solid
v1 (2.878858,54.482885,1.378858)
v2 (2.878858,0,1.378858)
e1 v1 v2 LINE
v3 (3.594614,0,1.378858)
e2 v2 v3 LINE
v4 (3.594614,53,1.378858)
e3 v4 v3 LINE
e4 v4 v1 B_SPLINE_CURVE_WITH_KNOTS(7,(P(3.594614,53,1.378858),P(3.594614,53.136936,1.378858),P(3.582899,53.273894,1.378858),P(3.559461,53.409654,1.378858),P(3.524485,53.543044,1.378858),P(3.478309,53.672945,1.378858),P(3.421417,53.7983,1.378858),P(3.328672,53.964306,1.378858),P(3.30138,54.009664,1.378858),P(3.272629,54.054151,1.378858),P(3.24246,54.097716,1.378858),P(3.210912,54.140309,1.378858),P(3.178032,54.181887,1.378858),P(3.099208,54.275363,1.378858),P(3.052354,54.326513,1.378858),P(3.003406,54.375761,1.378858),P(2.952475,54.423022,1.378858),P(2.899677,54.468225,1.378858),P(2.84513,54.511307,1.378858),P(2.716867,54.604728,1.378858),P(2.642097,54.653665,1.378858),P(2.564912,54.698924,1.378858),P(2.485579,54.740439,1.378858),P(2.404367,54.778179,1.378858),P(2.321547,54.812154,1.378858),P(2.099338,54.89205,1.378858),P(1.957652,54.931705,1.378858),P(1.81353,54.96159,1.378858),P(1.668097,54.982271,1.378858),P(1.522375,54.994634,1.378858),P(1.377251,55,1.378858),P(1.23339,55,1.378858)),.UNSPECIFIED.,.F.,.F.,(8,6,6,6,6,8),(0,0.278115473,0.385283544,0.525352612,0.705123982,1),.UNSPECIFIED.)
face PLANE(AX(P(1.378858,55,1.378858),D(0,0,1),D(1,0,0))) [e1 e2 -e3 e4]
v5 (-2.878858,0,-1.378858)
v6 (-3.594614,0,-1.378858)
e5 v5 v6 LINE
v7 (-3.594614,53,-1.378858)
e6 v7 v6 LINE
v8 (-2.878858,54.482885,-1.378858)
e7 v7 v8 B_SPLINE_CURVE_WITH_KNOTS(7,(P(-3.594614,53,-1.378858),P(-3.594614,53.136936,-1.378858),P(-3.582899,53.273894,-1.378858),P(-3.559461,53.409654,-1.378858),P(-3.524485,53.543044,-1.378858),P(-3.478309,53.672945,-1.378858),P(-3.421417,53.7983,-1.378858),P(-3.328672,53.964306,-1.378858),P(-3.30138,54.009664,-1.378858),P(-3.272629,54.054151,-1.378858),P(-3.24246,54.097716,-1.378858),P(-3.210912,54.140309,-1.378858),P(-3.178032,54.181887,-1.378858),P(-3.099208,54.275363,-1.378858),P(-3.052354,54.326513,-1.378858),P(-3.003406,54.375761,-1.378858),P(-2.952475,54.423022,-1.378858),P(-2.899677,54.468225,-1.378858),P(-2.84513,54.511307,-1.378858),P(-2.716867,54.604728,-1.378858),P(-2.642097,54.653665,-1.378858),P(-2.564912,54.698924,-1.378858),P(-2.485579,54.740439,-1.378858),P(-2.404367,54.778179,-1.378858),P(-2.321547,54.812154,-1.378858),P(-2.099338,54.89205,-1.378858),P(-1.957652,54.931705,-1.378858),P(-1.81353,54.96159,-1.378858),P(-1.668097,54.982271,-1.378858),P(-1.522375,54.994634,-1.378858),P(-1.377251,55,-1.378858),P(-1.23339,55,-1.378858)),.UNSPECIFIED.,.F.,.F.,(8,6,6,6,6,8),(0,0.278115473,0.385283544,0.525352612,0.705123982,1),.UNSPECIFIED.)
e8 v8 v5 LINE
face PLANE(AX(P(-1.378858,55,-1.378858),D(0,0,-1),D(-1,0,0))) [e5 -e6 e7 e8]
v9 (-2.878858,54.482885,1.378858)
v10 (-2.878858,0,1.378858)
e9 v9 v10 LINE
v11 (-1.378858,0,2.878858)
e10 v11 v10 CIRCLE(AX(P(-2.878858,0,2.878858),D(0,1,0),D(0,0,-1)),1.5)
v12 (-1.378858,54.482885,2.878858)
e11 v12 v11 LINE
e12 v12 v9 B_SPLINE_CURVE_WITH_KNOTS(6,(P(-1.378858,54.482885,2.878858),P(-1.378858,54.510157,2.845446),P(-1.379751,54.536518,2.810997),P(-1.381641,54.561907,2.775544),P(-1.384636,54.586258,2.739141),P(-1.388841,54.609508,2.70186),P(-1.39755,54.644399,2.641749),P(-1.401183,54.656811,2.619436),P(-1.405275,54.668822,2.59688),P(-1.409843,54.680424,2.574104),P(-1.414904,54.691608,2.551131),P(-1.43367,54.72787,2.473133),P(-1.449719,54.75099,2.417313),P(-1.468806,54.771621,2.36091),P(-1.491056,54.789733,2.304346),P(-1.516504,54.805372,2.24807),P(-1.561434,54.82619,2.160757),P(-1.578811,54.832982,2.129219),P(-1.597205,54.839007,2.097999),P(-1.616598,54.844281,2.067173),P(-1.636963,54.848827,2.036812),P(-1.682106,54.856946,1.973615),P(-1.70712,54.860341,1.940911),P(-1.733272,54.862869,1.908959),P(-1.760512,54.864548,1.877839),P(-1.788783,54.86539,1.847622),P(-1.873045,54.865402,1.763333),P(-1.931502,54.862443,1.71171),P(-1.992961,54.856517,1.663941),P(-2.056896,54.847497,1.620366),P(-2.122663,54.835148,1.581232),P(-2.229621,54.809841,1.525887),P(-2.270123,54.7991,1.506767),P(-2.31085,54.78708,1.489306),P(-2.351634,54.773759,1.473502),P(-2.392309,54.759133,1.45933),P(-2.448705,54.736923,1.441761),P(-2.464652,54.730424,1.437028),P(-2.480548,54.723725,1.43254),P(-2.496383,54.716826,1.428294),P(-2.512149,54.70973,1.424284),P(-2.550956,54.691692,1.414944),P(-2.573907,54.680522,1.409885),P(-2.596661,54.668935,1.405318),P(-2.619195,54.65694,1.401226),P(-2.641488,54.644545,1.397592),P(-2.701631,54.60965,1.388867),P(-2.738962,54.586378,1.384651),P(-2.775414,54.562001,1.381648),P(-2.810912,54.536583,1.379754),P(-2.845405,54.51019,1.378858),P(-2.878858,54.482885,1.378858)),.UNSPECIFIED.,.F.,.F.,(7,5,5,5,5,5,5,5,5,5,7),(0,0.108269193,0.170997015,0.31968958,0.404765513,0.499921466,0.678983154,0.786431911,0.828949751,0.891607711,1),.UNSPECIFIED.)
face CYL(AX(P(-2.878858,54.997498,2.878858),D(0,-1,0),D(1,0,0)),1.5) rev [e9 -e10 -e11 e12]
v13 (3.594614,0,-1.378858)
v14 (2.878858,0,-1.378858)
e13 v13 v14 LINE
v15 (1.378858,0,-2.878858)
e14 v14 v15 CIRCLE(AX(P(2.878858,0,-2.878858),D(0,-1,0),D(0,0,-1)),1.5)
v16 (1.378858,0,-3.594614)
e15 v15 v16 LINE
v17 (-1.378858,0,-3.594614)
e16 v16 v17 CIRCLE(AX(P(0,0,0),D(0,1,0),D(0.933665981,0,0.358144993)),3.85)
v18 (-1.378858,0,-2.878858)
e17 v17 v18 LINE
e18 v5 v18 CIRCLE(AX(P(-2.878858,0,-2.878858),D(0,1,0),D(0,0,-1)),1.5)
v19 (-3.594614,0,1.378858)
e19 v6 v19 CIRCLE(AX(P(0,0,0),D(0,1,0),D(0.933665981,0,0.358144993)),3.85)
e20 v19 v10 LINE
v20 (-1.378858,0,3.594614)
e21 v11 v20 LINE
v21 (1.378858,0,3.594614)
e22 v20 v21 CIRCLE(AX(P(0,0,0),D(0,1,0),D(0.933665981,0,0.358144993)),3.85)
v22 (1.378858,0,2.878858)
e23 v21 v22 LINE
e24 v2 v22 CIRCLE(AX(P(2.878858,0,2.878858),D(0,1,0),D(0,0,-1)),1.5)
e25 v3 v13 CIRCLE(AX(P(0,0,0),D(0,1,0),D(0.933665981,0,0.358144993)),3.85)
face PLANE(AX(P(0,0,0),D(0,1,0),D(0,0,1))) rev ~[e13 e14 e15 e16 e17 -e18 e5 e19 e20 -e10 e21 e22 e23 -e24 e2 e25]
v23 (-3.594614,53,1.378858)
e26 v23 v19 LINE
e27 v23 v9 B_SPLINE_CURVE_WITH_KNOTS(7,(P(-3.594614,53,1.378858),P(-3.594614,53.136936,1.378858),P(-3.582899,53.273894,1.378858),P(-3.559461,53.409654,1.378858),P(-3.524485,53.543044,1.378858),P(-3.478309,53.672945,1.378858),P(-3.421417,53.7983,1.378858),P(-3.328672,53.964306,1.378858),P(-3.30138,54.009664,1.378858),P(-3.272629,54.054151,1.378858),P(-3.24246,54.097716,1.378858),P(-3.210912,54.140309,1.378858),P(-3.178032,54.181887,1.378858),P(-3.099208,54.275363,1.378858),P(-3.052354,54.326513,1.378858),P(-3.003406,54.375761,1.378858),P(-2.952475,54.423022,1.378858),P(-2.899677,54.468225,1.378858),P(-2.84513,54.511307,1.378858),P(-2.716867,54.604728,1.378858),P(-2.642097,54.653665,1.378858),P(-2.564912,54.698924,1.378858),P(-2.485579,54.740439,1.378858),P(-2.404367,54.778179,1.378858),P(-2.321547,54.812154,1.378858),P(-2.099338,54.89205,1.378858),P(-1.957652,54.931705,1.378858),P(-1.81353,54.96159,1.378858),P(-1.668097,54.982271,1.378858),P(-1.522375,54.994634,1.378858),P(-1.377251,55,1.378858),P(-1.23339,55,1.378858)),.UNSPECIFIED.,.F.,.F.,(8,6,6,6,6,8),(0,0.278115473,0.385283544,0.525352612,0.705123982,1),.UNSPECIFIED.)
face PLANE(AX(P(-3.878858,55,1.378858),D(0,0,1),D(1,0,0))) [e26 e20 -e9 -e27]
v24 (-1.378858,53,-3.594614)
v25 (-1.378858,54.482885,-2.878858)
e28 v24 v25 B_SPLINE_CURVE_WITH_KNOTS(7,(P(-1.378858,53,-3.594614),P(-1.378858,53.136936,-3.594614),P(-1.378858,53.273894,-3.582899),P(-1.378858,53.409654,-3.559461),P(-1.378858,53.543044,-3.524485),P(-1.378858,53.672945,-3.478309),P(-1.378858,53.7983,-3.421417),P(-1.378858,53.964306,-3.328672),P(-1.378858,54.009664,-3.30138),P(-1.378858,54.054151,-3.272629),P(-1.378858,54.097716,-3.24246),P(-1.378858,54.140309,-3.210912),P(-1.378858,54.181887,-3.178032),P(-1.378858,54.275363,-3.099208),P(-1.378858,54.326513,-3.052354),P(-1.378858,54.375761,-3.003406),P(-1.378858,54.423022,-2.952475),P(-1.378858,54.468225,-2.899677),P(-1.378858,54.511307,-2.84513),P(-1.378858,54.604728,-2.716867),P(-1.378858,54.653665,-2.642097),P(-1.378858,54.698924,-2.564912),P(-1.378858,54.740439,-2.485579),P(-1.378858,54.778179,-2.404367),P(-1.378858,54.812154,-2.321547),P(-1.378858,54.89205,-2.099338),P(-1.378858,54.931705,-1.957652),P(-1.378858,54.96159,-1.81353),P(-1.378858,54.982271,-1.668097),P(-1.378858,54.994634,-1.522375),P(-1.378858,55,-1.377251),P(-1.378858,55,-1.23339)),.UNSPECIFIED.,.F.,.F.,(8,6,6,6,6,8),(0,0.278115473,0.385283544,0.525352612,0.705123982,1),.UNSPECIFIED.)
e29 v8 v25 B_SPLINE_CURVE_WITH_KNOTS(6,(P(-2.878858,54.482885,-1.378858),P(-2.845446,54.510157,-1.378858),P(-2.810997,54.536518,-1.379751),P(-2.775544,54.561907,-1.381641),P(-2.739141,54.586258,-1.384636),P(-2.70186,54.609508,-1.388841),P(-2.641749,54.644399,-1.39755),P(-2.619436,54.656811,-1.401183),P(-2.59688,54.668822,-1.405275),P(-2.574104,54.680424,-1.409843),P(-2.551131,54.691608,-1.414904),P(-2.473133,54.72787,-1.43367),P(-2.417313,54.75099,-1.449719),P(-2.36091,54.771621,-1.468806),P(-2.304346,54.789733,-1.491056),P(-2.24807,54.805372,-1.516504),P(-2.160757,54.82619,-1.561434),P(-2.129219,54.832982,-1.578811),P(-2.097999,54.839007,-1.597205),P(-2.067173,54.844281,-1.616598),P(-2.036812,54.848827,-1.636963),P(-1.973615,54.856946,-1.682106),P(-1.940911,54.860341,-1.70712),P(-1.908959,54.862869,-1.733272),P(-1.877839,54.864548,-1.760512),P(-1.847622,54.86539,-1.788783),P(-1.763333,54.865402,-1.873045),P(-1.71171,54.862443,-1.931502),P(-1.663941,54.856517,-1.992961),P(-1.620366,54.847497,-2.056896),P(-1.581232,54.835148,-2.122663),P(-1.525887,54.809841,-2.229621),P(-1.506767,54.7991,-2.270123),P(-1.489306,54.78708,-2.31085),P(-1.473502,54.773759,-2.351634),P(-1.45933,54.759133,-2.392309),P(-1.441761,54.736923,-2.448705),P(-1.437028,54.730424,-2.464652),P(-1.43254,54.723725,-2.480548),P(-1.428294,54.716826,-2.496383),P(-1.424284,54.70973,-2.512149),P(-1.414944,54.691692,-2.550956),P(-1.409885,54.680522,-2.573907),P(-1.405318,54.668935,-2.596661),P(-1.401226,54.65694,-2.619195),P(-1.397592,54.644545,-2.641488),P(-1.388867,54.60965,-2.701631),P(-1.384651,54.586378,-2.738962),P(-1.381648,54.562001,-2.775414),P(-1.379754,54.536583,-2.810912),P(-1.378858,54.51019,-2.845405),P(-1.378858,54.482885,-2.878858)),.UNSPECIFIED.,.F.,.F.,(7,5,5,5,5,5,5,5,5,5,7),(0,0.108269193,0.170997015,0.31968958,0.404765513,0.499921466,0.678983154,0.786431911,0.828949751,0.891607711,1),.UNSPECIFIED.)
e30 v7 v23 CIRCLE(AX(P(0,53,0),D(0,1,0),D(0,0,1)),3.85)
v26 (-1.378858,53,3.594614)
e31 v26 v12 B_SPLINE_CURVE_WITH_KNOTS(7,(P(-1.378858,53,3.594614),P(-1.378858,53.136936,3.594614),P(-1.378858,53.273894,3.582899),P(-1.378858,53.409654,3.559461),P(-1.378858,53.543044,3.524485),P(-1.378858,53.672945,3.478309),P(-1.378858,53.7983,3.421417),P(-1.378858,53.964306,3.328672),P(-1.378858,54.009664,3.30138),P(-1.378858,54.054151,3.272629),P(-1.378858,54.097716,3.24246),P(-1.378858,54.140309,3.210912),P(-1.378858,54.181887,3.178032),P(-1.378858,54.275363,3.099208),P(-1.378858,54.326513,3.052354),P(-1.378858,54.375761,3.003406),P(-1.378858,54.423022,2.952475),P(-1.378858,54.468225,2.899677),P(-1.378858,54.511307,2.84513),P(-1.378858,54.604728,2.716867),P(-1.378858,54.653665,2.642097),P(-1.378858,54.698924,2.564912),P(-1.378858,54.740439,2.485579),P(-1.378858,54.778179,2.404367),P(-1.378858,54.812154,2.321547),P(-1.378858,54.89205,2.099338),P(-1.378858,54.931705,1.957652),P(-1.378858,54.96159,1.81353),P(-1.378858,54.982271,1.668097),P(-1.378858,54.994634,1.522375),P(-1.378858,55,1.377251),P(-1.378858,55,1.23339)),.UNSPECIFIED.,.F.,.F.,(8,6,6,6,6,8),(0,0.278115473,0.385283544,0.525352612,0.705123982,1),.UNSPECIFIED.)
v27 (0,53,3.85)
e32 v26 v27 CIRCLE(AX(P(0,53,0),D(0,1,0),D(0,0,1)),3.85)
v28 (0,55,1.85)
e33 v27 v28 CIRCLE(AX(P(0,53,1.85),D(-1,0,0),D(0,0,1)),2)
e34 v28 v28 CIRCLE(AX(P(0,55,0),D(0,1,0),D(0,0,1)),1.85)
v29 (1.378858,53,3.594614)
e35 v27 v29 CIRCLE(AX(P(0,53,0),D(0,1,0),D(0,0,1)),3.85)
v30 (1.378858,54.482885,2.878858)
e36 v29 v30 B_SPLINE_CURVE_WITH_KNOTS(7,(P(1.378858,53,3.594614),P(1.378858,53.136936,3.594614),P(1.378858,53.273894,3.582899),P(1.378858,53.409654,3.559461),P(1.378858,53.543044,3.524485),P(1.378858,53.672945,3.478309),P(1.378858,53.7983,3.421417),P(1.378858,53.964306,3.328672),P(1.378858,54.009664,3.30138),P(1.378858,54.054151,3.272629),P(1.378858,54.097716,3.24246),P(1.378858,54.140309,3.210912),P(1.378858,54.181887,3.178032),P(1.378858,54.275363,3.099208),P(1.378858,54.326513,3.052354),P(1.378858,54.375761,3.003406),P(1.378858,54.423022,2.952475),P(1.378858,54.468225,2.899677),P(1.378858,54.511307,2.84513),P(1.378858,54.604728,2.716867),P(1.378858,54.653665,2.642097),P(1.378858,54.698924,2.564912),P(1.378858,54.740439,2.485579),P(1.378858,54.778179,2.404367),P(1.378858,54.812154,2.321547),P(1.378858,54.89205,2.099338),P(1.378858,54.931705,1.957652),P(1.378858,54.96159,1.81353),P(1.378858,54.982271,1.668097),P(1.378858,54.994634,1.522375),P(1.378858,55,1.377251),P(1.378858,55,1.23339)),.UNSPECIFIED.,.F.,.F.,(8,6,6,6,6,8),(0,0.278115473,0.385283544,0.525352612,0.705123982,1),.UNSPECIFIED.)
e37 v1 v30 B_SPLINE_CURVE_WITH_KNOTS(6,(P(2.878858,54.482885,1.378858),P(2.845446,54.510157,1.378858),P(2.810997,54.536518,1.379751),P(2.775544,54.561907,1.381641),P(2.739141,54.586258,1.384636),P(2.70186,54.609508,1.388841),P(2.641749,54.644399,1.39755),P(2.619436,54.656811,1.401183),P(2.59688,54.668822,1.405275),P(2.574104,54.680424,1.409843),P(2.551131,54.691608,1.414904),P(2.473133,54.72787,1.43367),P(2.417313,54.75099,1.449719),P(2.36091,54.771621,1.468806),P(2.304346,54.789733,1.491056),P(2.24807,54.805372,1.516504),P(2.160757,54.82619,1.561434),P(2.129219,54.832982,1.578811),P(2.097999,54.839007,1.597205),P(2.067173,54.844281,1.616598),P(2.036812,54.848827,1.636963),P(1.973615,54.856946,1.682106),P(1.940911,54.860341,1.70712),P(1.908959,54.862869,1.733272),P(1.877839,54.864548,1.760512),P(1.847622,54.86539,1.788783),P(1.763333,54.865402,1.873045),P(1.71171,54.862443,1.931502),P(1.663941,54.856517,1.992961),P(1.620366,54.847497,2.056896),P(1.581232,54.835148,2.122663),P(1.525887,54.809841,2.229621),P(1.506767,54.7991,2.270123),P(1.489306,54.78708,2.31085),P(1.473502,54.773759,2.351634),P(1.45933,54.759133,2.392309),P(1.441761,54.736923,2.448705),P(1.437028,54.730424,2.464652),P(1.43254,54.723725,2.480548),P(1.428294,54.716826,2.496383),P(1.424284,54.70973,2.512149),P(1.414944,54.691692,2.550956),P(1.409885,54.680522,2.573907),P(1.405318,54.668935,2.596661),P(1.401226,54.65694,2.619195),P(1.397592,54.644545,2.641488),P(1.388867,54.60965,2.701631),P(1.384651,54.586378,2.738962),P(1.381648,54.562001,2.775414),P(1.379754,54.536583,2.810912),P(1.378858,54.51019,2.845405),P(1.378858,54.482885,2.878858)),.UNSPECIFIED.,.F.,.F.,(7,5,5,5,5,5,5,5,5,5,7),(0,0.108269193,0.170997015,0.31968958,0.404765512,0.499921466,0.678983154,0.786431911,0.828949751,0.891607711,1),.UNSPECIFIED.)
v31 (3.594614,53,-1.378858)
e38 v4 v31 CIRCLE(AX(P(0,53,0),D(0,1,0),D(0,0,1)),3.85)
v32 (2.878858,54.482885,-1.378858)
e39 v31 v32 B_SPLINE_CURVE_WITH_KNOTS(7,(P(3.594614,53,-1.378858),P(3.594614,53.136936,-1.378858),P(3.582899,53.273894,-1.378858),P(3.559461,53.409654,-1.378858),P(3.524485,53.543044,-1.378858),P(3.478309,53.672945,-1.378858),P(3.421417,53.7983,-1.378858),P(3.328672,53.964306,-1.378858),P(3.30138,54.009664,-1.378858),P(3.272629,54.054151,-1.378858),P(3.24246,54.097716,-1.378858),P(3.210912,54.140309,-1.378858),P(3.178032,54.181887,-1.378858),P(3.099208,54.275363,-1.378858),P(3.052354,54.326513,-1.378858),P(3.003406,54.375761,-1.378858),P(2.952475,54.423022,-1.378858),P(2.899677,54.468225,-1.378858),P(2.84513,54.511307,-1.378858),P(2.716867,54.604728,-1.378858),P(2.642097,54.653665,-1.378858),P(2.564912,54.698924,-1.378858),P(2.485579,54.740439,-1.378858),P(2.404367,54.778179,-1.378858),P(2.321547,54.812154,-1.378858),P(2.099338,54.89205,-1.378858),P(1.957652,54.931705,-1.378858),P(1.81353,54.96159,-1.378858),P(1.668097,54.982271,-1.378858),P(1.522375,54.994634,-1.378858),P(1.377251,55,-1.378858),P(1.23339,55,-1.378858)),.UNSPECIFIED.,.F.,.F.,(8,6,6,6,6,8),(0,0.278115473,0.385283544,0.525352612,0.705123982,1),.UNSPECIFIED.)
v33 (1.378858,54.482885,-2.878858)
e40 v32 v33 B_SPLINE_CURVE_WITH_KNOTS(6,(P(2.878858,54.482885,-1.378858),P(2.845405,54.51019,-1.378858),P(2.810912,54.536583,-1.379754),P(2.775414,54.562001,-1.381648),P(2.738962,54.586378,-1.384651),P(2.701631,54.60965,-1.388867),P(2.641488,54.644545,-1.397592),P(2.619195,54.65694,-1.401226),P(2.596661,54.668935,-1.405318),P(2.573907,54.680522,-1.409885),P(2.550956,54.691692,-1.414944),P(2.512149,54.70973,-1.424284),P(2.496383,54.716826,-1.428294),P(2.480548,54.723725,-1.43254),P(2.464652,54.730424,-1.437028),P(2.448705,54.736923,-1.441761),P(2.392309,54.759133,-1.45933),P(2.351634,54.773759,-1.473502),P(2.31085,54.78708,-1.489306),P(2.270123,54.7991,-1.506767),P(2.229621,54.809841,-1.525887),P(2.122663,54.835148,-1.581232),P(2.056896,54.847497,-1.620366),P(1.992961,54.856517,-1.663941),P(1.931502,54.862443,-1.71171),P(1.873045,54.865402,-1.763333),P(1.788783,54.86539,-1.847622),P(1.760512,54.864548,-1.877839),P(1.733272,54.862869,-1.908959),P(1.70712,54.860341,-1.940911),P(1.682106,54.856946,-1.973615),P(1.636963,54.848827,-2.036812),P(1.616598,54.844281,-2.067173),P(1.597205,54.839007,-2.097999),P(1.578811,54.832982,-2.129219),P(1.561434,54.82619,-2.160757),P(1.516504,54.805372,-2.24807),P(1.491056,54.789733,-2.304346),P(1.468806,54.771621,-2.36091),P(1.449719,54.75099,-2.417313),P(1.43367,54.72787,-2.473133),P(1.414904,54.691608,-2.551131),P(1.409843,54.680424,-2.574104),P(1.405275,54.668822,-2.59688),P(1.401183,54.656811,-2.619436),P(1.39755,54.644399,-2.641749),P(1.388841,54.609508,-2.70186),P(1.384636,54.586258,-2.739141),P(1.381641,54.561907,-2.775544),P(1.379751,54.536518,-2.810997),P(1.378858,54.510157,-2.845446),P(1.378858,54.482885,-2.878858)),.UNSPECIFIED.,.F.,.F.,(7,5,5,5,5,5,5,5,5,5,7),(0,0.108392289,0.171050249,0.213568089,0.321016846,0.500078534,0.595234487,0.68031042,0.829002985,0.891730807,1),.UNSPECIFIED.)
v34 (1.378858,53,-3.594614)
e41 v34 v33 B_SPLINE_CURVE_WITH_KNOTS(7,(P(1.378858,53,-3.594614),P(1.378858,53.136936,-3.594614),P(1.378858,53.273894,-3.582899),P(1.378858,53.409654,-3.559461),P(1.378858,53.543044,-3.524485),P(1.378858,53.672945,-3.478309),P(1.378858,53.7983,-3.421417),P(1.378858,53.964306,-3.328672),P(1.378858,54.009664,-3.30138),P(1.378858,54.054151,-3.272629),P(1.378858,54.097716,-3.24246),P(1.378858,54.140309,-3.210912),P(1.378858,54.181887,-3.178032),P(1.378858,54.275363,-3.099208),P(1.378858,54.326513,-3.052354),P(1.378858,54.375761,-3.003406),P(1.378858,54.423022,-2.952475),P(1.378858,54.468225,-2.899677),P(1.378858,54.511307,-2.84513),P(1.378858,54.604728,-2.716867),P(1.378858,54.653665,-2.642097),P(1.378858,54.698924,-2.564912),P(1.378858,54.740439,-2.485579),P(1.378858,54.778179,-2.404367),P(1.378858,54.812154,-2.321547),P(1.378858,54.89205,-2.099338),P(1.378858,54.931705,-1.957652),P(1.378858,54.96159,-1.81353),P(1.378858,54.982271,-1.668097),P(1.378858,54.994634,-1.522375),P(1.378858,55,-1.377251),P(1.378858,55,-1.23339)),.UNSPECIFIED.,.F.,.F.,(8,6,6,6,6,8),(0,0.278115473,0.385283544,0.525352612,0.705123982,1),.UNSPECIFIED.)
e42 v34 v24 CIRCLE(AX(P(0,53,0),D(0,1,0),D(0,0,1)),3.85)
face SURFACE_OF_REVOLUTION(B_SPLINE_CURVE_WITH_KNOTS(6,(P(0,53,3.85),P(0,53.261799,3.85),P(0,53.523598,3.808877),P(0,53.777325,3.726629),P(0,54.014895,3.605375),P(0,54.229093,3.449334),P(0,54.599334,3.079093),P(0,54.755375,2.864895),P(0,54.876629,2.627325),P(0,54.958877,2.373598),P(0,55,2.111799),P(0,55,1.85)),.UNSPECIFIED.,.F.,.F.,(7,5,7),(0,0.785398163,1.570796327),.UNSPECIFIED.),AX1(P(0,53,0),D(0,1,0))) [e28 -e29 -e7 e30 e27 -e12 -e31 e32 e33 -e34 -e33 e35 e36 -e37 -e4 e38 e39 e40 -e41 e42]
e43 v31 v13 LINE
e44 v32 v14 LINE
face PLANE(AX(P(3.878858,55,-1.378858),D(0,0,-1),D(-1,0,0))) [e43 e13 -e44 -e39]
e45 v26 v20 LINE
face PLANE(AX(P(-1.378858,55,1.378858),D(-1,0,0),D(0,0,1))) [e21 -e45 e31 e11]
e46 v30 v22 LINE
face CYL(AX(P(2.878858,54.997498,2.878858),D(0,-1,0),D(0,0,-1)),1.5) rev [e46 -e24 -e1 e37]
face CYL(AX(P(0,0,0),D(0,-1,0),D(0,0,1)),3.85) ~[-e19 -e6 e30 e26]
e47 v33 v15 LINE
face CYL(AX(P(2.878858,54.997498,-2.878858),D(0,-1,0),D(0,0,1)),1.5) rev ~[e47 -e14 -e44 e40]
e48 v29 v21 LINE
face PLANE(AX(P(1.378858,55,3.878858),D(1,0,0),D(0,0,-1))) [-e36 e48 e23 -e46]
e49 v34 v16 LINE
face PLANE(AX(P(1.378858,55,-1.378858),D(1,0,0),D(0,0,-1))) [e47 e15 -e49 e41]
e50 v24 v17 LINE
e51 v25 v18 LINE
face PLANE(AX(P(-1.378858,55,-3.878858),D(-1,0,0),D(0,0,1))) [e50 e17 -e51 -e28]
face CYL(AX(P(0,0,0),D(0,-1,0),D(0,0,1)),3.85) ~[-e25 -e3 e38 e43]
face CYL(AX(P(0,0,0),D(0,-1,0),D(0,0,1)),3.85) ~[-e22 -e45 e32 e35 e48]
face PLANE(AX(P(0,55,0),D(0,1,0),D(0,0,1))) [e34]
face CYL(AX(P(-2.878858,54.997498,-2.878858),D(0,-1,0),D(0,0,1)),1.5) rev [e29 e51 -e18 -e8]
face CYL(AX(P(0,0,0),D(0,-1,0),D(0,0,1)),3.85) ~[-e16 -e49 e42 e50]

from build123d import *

# Parameters (mm, degrees)
SKETCH1_R           = 3.85
BOSS_EXTRUDE1_DEPTH = 55
FILLET1_R           = 2
SKETCH2_W           = 2.5
SKETCH2_H           = 2.5
CUT_EXTRUDE1_DEPTH  = 56.268842948
CIRPATTERN1_COUNT   = 4
FILLET2_R           = 1.5


with BuildPart() as part:
    # Sketch1 → Boss-Extrude1 (new body)
    with BuildSketch(Plane(origin=(0, 0, 0), x_dir=(1, 0, 0), z_dir=(0, 1, 0))):
        with Locations(Location((0, 0, 0), (0, 0, 270))):
            Circle(SKETCH1_R)
    extrude(amount=BOSS_EXTRUDE1_DEPTH)

    # Fillet1
    fillet1_edges = [part.edges().sort_by_distance(p)[0] for p in [
        (0, 55, -3.85),
    ]]
    fillet(fillet1_edges, radius=FILLET1_R)

    # Sketch2 → Cut-Extrude1 (cut, through all)
    with BuildSketch(Plane(origin=(0, 55, 0), x_dir=(1, 0, 0), z_dir=(0, 1, 0))):
        with Locations((2.628858223, -2.628858223)):
            Rectangle(SKETCH2_W, SKETCH2_H)
    cut_extrude1 = extrude(amount=-CUT_EXTRUDE1_DEPTH, mode=Mode.SUBTRACT)

    # CirPattern1: Cut-Extrude1 ×4 about axis
    cirpattern1_axis = Axis((0, 0, 0), (0, 1, 0))
    for i in range(1, CIRPATTERN1_COUNT):
        add(cut_extrude1.rotate(cirpattern1_axis, i * 360 / CIRPATTERN1_COUNT), mode=Mode.SUBTRACT)

    # Fillet2
    fillet2_edges = [part.edges().sort_by_distance(p)[0] for p in [
        (1.378858223, 27.498749218, -1.378858223),
        (-1.378858223, 27.498749218, -1.378858223),
        (-1.378858223, 27.498749218, 1.378858223),
        (1.378858223, 27.498749218, 1.378858223),
    ]]
    fillet(fillet2_edges, radius=FILLET2_R)


solid = part.part
